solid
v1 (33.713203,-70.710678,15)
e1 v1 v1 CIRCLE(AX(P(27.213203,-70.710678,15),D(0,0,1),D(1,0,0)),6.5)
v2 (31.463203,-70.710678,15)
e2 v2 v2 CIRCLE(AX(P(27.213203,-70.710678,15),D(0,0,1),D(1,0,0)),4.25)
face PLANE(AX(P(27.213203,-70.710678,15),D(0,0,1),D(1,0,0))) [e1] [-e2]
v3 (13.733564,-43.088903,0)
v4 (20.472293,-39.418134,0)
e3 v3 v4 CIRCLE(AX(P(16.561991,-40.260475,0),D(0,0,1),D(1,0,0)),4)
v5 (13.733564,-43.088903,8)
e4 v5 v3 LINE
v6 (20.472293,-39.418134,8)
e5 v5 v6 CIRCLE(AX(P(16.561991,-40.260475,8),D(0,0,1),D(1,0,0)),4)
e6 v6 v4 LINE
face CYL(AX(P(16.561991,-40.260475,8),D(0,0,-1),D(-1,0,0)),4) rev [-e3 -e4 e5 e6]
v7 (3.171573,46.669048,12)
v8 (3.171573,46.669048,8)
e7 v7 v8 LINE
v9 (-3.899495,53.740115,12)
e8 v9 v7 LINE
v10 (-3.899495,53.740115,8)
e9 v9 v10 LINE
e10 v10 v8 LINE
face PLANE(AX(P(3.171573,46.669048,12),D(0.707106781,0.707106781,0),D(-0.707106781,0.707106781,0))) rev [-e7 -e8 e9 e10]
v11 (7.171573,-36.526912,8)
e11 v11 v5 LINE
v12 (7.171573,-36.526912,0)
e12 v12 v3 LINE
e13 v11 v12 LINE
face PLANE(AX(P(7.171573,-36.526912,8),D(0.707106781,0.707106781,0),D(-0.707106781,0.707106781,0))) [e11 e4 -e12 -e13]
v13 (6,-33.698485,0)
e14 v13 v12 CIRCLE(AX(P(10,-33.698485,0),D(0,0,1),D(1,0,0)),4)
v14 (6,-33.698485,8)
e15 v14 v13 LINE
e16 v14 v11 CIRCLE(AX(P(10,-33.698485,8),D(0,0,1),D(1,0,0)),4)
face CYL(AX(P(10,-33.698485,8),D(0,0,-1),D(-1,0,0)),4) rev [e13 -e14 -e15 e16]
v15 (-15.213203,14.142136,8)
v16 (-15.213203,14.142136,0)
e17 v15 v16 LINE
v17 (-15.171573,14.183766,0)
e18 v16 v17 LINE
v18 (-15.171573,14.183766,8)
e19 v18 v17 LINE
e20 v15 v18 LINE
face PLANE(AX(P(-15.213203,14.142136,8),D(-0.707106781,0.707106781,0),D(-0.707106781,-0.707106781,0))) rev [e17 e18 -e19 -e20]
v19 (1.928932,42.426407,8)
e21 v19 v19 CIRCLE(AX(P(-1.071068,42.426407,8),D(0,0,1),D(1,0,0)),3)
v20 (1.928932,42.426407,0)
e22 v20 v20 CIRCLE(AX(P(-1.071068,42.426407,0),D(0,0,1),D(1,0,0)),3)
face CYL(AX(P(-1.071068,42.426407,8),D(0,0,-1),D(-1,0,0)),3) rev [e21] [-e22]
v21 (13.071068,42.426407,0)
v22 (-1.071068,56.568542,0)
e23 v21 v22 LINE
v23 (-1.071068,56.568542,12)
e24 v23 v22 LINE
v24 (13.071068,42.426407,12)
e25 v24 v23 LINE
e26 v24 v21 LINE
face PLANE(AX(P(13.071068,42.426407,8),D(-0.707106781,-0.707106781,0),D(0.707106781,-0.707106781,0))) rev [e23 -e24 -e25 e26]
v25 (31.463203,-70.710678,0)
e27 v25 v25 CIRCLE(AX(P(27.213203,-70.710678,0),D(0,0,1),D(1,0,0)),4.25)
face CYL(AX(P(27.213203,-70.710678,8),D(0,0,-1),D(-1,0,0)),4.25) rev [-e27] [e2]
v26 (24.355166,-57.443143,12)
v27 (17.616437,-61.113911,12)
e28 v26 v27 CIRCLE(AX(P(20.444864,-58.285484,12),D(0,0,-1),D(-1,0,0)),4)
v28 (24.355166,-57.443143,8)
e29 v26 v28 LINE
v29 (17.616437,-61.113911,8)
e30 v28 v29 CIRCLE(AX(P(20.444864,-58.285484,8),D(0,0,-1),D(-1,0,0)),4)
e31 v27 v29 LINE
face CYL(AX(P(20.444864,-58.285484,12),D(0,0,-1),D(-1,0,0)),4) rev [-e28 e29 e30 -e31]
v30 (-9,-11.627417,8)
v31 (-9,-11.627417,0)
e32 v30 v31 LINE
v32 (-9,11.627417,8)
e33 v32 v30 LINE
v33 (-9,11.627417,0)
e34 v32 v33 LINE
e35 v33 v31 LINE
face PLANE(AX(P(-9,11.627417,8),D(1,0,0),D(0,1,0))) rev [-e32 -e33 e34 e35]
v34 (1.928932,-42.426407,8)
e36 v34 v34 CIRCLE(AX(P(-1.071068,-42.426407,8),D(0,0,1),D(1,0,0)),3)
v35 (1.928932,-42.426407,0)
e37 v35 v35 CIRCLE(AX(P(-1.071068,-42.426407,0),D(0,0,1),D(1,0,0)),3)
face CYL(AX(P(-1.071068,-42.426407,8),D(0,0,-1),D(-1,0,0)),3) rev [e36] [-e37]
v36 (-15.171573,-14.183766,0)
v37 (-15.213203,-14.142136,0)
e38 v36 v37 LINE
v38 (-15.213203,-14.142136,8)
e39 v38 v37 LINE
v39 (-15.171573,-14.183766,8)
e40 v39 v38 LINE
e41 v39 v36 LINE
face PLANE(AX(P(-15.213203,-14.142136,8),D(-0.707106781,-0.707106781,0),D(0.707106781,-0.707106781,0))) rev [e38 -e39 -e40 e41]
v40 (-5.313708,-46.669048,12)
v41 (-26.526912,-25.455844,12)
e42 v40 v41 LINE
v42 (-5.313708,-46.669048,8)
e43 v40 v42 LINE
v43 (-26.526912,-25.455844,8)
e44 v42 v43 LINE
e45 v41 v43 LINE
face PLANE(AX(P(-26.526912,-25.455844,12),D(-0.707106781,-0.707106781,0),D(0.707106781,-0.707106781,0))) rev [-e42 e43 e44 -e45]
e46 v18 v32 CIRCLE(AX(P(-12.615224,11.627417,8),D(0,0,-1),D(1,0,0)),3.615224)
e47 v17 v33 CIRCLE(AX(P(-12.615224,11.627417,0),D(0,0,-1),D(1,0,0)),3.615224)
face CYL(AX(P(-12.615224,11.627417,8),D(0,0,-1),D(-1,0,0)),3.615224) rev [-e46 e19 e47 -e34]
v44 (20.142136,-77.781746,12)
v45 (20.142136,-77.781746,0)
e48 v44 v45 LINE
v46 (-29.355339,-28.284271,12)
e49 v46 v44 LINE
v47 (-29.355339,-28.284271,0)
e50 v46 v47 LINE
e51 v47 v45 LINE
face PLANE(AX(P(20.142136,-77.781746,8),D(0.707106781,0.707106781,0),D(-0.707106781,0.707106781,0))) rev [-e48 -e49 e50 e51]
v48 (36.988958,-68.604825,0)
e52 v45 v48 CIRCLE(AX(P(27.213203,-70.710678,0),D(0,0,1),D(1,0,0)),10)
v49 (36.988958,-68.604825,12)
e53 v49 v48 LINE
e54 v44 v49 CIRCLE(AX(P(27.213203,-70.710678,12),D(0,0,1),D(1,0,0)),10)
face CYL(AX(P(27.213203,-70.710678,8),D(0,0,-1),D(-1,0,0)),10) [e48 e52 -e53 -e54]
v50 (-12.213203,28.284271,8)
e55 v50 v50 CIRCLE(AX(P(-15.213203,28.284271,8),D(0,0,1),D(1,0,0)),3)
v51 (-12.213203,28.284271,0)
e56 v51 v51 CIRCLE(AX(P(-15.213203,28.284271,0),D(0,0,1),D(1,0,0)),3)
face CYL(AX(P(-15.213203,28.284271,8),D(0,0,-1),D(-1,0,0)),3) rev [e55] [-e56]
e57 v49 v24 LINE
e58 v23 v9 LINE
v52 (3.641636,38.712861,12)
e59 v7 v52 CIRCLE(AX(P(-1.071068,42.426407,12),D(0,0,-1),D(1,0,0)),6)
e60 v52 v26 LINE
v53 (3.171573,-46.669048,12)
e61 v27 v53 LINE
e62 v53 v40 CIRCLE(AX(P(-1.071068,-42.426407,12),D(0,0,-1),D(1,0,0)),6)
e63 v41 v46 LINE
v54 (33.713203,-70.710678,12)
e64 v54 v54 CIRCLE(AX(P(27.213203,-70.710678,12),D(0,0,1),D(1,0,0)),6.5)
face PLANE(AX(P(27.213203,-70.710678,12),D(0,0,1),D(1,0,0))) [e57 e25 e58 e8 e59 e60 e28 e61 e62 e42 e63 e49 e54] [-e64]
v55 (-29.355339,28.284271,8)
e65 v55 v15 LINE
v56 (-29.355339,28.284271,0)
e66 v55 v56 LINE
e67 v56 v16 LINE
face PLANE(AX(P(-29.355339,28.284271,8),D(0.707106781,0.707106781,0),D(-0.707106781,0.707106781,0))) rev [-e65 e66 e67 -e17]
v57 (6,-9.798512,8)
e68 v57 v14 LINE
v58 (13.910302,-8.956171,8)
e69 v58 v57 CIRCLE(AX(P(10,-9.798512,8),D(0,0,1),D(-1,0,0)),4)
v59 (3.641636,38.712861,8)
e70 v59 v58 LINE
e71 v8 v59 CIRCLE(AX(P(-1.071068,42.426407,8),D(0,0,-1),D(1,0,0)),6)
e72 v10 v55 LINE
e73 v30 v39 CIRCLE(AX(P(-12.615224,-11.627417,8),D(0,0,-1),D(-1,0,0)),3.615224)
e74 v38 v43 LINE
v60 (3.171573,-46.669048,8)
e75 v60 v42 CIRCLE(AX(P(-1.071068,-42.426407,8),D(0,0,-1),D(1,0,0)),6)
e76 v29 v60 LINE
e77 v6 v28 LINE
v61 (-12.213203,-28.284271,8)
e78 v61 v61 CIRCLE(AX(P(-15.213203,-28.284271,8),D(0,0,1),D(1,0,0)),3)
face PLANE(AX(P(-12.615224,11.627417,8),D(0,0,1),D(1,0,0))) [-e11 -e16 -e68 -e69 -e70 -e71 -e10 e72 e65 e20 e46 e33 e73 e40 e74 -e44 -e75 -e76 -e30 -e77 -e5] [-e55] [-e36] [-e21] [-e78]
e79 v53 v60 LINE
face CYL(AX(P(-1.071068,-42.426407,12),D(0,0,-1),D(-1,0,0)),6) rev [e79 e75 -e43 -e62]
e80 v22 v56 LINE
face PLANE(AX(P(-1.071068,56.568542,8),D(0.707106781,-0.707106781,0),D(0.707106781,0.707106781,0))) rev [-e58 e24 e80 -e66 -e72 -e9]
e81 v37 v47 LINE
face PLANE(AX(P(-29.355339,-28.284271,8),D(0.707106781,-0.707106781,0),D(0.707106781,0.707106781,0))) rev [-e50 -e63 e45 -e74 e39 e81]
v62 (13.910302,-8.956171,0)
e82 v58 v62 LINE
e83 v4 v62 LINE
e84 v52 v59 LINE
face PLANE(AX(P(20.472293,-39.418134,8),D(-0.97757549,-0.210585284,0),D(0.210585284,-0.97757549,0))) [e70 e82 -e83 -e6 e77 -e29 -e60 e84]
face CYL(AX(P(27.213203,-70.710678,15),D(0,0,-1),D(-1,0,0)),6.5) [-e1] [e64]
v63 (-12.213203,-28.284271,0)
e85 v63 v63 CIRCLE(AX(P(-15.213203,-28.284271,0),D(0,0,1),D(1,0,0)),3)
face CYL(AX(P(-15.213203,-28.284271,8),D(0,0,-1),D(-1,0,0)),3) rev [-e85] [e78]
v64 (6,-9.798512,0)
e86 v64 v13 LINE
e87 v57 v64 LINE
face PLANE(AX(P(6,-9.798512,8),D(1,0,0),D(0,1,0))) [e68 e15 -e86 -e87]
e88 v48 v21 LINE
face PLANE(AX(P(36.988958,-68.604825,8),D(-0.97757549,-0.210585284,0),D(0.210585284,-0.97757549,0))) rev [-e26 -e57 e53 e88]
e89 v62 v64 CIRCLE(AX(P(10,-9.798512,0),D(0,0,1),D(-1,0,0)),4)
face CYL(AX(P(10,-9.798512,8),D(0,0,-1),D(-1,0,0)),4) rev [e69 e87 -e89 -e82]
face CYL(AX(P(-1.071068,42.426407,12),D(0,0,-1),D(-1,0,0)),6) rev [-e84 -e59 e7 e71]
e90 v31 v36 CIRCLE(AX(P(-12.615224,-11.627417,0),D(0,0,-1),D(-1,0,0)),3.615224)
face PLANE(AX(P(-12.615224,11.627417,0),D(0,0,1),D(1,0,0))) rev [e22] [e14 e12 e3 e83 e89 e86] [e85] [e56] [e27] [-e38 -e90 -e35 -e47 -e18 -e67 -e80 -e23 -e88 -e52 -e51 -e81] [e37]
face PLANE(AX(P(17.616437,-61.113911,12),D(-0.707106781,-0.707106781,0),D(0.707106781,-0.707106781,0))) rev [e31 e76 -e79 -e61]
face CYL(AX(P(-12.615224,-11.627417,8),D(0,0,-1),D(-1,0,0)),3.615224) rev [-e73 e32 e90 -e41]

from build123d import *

# Parameters (mm, degrees)
SKETCH1_R           = 3
SKETCH1_R_2         = 4.25
BOSS_EXTRUDE1_DEPTH = 8
SKETCH2_R           = 4.25
BOSS_EXTRUDE2_DEPTH = 4
SKETCH3_R           = 6.5
SKETCH3_R_2         = 4.25
BOSS_EXTRUDE3_DEPTH = 3


with BuildPart() as part:
    # Sketch1 → Boss-Extrude1 (new body)
    with BuildSketch(Plane.XY):
        with BuildLine():
            Line((-15.213203436, 14.142135624), (-15.171572875, 14.183766184))
            ThreePointArc((-15.171572875, 14.183766184), (-11.231737479, 14.96744817), (-9, 11.627416998))
            Line((-9, 11.627416998), (-9, -11.627416998))
            ThreePointArc((-9, -11.627416998), (-11.231737479, -14.96744817), (-15.171572875, -14.183766184))
            Line((-15.171572875, -14.183766184), (-15.213203436, -14.142135624))
            Line((-15.213203436, -14.142135624), (-29.355339059, -28.284271247))
            Line((-29.355339059, -28.284271247), (20.142135624, -77.781745931))
            ThreePointArc((20.142135624, -77.781745931), (31.996800536, -79.492317987), (36.988958333, -68.60482528))
            Line((36.988958333, -68.60482528), (13.071067812, 42.426406871))
            Line((13.071067812, 42.426406871), (-1.071067812, 56.568542495))
            Line((-1.071067812, 56.568542495), (-29.355339059, 28.284271247))
            Line((-29.355339059, 28.284271247), (-15.213203436, 14.142135624))
        make_face()
        with Locations((-1.071067812, 42.426406871)):
            Circle(SKETCH1_R, mode=Mode.SUBTRACT)
        with Locations((-15.213203436, 28.284271247)):
            Circle(SKETCH1_R, mode=Mode.SUBTRACT)
        with Locations((-15.213203436, -28.284271247)):
            Circle(SKETCH1_R, mode=Mode.SUBTRACT)
        with Locations((-1.071067812, -42.426406871)):
            Circle(SKETCH1_R, mode=Mode.SUBTRACT)
        with Locations((27.213203436, -70.710678119)):
            Circle(SKETCH1_R_2, mode=Mode.SUBTRACT)
        with BuildLine():
            Line((6, -9.798512067), (6, -33.69848481))
            ThreePointArc((6, -33.69848481), (6.30448187, -35.229218539), (7.171572875, -36.526911935))
            Line((7.171572875, -36.526911935), (13.733563505, -43.088902565))
            ThreePointArc((13.733563505, -43.088902565), (18.47542947, -43.773131388), (20.472292589, -39.418134305))
            Line((20.472292589, -39.418134305), (13.910301959, -8.956170931))
            ThreePointArc((13.910301959, -8.956170931), (9.576448254, -5.820999789), (6, -9.798512067))
        make_face(mode=Mode.SUBTRACT)
    extrude(amount=BOSS_EXTRUDE1_DEPTH)

    # Sketch2 → Boss-Extrude2 (add)
    with BuildSketch(Plane.XY.offset(8)):
        with BuildLine():
            Line((24.355165698, -57.443143037), (3.641635622, 38.712860541))
            ThreePointArc((3.641635622, 38.712860541), (4.918487685, 42.780278254), (3.171572875, 46.669047558))
            Line((3.171572875, 46.669047558), (-3.899494937, 53.74011537))
            Line((-3.899494937, 53.74011537), (-1.071067812, 56.568542495))
            Line((-1.071067812, 56.568542495), (13.071067812, 42.426406871))
            Line((13.071067812, 42.426406871), (36.988958333, -68.60482528))
            ThreePointArc((36.988958333, -68.60482528), (31.996800536, -79.492317987), (20.142135624, -77.781745931))
            Line((20.142135624, -77.781745931), (-29.355339059, -28.284271247))
            Line((-29.355339059, -28.284271247), (-26.526911935, -25.455844123))
            Line((-26.526911935, -25.455844123), (-5.313708499, -46.669047558))
            ThreePointArc((-5.313708499, -46.669047558), (-1.071067812, -48.426406871), (3.171572875, -46.669047558))
            Line((3.171572875, -46.669047558), (17.616436614, -61.113911297))
            ThreePointArc((17.616436614, -61.113911297), (22.358302578, -61.79814012), (24.355165698, -57.443143037))
        make_face()
        with Locations((27.213203436, -70.710678119)):
            Circle(SKETCH2_R, mode=Mode.SUBTRACT)
    extrude(amount=BOSS_EXTRUDE2_DEPTH)

    # Sketch3 → Boss-Extrude3 (add)
    with BuildSketch(Plane.XY.offset(12)):
        with Locations((27.213203436, -70.710678119)):
            Circle(SKETCH3_R)
        with Locations((27.213203436, -70.710678119)):
            Circle(SKETCH3_R_2, mode=Mode.SUBTRACT)
    extrude(amount=BOSS_EXTRUDE3_DEPTH)


solid = part.part
